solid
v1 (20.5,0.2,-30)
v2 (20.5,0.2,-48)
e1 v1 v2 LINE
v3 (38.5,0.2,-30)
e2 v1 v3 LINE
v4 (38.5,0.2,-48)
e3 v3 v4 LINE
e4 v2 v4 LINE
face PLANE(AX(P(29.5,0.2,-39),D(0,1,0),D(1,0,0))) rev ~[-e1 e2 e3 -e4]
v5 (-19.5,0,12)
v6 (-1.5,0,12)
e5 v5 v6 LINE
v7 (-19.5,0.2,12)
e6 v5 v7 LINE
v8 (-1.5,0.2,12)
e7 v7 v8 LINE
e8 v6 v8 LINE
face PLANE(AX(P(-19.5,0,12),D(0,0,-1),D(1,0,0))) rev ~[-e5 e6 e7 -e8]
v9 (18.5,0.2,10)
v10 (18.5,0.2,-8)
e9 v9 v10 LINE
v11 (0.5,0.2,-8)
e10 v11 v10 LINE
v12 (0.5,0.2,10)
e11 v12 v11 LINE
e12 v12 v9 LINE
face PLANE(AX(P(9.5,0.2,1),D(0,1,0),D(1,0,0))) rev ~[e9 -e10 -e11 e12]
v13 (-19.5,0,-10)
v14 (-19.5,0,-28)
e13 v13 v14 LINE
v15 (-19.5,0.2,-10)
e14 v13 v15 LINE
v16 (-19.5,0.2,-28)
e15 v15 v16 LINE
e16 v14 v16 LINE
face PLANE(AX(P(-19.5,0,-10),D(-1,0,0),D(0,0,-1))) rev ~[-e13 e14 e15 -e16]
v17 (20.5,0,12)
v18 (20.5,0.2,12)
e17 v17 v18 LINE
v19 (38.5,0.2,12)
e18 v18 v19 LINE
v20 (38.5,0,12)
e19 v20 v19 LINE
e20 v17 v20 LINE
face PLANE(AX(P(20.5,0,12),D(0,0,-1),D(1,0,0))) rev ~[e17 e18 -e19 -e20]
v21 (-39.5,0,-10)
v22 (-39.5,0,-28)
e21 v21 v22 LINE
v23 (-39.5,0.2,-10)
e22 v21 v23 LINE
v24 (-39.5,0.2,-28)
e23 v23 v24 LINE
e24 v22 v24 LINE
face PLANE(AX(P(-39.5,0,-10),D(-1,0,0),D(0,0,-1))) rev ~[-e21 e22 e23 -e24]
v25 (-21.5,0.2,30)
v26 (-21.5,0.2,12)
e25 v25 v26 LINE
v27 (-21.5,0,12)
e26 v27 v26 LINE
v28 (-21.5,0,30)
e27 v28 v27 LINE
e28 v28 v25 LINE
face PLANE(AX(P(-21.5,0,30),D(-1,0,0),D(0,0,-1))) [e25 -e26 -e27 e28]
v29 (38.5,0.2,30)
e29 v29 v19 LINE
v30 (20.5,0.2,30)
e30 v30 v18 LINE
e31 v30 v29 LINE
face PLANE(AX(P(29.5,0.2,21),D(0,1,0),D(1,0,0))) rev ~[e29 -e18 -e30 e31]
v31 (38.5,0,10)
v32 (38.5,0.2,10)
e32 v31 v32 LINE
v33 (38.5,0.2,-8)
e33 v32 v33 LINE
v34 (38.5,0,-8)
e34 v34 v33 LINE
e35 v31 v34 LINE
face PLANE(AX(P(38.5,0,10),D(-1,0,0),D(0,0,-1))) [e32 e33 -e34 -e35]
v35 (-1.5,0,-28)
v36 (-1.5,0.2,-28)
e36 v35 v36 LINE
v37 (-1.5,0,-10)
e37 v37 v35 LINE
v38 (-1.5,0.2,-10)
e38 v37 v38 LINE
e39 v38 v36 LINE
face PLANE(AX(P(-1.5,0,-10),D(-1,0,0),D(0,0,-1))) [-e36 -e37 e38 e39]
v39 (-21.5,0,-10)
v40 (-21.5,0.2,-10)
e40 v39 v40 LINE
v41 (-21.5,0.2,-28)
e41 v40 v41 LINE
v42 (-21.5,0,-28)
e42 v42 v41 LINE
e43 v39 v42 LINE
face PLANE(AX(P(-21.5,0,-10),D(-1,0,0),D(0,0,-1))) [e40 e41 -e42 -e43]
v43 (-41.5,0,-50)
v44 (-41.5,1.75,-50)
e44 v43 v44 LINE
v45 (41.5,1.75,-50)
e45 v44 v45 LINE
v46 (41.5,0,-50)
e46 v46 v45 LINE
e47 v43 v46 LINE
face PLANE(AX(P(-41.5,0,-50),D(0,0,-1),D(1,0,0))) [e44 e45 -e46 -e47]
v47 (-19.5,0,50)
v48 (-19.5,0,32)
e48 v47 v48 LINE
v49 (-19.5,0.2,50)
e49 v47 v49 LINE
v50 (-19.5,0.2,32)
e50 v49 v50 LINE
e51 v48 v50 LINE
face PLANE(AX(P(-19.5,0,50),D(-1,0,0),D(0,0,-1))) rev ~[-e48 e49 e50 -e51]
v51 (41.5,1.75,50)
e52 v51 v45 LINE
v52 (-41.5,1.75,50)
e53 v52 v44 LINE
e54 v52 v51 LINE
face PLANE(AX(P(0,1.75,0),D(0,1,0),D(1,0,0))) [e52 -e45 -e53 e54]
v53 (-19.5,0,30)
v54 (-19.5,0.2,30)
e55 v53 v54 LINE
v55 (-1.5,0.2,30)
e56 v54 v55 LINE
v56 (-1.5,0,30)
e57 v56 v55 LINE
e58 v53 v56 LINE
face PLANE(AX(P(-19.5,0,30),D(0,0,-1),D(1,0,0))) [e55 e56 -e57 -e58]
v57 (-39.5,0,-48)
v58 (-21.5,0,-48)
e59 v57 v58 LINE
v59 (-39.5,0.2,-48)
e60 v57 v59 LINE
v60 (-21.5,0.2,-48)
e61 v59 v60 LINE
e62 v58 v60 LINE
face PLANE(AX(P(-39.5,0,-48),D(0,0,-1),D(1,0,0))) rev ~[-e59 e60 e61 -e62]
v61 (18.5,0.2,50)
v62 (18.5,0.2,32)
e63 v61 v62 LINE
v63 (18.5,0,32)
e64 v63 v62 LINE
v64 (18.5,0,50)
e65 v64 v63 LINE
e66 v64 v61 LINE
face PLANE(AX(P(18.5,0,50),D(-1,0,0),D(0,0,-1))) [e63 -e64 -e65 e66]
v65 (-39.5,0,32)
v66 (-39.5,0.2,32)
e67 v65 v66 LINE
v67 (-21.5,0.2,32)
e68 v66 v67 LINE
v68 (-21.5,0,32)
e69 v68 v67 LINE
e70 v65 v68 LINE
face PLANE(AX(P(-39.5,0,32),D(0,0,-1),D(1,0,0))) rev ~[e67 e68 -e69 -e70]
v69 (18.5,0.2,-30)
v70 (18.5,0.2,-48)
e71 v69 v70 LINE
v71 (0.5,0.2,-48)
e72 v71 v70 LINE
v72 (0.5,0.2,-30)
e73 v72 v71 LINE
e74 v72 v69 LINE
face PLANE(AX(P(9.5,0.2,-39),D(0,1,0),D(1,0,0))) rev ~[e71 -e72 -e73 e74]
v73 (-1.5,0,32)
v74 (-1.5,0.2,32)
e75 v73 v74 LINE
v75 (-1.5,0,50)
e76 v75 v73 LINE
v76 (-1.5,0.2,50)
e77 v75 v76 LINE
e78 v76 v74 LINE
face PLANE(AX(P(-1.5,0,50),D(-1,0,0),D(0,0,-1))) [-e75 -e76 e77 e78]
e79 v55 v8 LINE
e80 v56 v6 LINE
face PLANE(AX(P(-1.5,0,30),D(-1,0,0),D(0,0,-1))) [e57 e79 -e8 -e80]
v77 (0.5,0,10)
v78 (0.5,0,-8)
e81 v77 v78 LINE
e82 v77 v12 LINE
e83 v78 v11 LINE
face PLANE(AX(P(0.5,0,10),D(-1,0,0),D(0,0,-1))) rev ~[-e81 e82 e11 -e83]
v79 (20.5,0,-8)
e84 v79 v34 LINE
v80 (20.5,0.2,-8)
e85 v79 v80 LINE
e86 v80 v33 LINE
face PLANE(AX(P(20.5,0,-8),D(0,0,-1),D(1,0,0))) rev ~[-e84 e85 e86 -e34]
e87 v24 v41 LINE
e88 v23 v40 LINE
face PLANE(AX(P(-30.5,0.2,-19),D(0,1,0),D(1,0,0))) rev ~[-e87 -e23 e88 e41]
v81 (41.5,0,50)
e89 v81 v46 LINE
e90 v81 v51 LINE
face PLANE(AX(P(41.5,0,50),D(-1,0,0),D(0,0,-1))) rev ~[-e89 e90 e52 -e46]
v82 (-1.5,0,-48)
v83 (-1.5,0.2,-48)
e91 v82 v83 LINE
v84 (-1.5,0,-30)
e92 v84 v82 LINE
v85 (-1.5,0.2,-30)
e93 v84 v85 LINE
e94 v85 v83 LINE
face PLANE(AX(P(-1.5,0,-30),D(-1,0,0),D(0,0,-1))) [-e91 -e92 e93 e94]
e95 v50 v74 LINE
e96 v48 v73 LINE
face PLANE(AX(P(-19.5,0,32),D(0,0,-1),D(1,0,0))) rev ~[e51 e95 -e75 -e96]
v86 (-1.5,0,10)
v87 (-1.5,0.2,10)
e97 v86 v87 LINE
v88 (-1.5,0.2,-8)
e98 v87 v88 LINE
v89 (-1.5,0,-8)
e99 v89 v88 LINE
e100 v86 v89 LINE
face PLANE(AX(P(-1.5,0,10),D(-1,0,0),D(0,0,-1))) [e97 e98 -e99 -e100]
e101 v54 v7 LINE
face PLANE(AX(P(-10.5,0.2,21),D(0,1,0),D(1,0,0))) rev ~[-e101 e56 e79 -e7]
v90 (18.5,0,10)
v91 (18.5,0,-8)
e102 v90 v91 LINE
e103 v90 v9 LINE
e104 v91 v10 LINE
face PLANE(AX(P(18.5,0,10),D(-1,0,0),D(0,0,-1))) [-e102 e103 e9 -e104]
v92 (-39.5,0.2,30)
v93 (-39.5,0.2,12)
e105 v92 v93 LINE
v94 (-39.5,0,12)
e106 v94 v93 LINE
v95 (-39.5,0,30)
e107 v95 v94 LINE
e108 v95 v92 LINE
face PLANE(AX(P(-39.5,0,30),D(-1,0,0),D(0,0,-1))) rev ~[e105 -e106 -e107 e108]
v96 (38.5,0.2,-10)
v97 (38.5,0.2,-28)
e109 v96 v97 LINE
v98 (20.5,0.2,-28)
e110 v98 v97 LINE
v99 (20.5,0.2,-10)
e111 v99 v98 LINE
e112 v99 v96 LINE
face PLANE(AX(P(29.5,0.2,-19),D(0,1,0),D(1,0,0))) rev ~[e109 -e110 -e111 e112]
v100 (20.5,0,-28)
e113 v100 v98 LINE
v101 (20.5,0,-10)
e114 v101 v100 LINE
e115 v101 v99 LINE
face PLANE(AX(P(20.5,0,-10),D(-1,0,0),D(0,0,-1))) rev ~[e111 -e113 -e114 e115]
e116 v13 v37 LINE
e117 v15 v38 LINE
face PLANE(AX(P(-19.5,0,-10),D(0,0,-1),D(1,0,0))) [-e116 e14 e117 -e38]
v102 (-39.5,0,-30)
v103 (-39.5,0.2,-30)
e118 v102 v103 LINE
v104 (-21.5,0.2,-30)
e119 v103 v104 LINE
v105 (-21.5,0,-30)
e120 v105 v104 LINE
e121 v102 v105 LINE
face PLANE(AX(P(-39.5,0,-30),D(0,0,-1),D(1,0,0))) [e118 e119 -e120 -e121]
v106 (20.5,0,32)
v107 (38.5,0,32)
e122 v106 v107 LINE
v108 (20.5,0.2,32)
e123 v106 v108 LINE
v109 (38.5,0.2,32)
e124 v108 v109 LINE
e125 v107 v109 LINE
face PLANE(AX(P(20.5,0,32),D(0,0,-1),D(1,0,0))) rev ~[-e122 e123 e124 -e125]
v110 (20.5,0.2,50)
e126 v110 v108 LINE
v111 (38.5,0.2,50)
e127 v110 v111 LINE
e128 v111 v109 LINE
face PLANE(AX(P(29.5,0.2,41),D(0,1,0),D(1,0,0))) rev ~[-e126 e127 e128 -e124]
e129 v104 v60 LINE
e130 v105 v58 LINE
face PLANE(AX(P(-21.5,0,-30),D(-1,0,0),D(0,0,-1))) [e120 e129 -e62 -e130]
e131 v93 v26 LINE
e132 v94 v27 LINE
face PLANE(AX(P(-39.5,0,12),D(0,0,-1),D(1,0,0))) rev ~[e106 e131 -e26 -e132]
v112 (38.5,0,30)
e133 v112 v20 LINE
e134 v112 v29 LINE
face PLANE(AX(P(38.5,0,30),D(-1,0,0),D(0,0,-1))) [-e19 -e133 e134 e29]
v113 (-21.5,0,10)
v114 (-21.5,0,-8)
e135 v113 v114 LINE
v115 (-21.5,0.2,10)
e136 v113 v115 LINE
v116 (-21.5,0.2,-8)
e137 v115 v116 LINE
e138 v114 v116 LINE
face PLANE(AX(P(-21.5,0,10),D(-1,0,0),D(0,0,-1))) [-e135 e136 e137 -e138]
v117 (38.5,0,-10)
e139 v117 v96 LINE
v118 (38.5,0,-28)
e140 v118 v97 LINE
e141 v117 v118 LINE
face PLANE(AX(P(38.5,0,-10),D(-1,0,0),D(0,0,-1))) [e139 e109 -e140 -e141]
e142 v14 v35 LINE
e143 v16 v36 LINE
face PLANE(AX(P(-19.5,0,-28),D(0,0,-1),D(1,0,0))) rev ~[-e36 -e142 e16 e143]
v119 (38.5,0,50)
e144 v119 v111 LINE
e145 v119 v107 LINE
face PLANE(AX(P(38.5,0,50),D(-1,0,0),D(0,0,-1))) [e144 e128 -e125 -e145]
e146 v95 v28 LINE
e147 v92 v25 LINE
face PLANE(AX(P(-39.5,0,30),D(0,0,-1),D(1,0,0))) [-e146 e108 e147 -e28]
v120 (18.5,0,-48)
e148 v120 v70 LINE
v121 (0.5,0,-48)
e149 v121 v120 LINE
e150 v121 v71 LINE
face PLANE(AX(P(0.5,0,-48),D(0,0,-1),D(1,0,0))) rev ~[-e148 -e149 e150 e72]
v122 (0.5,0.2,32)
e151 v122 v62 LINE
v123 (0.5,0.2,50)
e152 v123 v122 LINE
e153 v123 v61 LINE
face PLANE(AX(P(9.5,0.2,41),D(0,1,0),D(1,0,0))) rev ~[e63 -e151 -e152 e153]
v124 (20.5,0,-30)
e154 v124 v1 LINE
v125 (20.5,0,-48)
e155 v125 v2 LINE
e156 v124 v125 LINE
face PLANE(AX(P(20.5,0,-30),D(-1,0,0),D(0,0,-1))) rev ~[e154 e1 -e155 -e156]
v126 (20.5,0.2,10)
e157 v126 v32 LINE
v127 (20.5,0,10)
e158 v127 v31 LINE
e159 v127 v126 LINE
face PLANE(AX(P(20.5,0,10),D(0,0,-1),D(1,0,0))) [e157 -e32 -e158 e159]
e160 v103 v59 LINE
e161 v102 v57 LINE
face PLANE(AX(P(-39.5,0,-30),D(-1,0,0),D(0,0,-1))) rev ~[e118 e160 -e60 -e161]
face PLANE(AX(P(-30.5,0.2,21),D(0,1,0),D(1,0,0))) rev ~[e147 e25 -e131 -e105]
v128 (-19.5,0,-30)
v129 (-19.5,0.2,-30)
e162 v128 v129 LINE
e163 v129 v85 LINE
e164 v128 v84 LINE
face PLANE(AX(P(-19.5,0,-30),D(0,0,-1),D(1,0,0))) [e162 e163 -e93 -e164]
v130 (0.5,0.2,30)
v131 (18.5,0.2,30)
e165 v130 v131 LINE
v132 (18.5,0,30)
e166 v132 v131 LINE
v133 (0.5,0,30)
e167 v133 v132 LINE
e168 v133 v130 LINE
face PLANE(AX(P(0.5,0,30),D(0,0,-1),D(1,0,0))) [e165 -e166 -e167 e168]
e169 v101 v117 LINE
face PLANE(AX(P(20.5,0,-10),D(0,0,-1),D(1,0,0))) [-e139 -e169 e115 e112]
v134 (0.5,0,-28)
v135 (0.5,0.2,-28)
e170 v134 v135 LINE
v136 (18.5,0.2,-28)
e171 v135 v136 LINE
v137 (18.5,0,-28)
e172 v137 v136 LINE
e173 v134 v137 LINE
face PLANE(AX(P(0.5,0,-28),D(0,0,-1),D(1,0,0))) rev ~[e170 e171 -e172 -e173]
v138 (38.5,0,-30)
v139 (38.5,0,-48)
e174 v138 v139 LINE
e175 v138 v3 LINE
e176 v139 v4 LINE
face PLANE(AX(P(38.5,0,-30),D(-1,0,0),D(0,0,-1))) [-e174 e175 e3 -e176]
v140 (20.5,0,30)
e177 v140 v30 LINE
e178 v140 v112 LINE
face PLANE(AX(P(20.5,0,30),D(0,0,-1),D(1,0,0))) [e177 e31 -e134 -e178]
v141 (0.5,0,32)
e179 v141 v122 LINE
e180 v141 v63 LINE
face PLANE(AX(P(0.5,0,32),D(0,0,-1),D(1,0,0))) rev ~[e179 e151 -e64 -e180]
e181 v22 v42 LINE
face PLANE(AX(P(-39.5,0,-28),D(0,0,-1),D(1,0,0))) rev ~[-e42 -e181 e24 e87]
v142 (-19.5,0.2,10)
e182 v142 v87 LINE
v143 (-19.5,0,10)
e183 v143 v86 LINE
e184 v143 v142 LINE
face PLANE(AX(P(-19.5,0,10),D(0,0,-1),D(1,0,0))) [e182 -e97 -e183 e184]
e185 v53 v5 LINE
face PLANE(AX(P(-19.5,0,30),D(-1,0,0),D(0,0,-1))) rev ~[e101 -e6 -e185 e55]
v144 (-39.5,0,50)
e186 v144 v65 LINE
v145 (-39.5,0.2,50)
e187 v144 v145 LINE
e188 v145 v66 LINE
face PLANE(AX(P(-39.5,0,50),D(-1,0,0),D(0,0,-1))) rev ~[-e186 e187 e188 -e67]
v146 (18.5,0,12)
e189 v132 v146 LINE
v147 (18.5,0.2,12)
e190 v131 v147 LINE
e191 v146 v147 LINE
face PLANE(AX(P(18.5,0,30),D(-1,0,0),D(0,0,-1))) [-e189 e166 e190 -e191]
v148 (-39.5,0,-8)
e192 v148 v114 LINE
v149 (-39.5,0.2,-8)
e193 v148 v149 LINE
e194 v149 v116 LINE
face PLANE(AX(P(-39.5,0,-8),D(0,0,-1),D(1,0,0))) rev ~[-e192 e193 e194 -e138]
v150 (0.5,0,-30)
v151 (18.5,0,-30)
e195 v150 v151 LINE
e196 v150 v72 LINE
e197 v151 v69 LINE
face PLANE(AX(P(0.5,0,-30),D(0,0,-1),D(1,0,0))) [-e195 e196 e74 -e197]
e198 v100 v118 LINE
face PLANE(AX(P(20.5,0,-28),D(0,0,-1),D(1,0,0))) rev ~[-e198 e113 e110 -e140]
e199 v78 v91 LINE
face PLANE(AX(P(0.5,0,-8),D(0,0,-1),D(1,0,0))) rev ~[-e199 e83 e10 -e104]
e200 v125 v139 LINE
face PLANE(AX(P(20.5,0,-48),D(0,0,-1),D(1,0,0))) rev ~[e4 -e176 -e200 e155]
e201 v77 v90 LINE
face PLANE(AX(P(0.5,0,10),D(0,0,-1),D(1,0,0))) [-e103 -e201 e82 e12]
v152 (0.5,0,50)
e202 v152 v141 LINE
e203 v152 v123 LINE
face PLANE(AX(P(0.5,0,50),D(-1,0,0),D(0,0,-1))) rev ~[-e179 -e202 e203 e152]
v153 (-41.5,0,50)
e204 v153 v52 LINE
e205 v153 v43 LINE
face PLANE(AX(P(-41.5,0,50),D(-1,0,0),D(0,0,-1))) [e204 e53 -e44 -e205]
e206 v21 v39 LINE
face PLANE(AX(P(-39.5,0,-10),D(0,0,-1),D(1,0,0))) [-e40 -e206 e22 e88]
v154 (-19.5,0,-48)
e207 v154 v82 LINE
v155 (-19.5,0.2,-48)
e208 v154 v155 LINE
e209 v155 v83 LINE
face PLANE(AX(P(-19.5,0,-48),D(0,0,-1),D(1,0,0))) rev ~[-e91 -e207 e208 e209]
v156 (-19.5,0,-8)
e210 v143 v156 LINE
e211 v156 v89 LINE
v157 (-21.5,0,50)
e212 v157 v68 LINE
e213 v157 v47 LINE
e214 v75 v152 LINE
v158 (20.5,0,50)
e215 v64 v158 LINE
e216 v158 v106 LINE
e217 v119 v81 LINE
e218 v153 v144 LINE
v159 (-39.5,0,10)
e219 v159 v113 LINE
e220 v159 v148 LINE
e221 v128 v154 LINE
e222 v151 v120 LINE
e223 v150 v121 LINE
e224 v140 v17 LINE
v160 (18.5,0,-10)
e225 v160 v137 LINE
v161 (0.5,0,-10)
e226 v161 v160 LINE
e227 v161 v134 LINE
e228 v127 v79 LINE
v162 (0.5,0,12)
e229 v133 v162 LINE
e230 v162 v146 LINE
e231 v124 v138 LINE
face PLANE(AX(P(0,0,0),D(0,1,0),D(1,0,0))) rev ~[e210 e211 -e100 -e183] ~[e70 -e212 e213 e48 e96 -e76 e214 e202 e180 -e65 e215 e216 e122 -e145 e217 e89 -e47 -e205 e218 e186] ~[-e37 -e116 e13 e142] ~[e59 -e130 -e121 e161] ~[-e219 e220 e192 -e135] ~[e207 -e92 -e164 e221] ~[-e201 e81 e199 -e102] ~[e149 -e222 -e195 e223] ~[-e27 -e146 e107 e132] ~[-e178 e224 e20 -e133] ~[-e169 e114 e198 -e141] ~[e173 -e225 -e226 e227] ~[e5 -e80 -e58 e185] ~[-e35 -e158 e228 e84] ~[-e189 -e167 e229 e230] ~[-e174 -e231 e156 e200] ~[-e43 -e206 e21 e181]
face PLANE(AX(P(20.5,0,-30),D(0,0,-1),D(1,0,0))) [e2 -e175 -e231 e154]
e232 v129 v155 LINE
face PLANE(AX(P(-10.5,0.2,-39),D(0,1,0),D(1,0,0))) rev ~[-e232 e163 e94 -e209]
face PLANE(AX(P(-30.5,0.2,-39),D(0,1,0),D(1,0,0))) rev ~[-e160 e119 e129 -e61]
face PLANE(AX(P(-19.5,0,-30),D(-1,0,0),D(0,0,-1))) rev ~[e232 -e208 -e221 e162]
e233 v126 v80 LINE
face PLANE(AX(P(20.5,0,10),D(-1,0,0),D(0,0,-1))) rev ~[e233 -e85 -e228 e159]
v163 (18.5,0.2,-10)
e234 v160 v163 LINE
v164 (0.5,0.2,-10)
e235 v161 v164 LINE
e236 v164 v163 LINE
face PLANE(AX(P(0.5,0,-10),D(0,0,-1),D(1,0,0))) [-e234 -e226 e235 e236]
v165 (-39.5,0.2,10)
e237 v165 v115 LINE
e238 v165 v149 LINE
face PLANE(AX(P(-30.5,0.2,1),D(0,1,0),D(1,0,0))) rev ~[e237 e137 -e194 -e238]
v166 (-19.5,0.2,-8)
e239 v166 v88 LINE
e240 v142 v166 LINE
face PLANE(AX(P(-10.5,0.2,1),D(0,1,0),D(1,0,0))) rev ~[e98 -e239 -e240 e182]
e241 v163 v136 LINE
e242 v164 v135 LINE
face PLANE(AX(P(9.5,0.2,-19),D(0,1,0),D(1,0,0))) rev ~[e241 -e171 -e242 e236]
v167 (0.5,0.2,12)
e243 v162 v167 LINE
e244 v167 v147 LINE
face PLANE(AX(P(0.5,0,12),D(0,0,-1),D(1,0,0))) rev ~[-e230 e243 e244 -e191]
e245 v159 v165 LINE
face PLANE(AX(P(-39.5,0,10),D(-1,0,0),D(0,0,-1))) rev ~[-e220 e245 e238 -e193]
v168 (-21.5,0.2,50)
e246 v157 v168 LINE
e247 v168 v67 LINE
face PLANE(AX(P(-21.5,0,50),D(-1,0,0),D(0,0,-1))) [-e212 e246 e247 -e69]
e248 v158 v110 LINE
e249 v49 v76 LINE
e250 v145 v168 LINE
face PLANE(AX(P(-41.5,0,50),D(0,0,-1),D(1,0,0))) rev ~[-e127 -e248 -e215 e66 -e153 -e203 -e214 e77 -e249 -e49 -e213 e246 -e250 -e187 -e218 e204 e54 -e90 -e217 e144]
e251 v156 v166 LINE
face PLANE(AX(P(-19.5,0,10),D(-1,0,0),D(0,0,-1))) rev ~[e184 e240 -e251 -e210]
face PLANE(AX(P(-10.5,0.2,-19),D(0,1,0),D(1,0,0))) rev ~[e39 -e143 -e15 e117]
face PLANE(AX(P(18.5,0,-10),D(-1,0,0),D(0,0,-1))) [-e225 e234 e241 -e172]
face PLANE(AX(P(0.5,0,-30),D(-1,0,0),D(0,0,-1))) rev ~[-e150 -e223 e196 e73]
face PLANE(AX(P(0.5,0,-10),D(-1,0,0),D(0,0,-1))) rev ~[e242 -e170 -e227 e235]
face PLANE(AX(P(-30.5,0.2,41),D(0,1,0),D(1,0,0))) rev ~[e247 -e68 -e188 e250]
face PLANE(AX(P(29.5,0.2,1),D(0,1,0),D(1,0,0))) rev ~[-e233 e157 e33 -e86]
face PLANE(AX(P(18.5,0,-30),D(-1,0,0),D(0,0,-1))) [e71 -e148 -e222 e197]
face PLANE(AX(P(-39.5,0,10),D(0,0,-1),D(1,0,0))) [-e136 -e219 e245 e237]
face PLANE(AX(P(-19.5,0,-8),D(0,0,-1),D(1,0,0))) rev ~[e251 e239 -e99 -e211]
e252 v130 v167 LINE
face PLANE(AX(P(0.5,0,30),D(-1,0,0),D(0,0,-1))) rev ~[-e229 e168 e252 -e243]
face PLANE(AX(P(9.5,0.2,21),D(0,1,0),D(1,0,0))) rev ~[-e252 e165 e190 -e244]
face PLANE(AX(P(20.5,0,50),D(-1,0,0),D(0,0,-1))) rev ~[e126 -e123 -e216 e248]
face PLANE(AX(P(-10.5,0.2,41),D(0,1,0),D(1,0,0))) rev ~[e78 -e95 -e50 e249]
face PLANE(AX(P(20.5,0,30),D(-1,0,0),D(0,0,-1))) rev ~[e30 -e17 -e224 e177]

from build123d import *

# Parameters (mm, degrees)
SKETCH2_W            = 83
SKETCH2_H            = 100
BOSS_EXTRUDE1_DEPTH  = 1.75
SKETCH3_W            = 18
SKETCH3_H            = 18
CUT_EXTRUDE5_DEPTH   = 0.2
LPATTERN1_COUNT      = 4
LPATTERN1_PITCH      = 20
LPATTERN1_COUNT_DIR2 = 5
LPATTERN1_PITCH_DIR2 = 20


with BuildPart() as part:
    # Sketch2 → Boss-Extrude1 (new body)
    with BuildSketch(Plane(origin=(0, 0, 0), x_dir=(1, 0, 0), z_dir=(0, 1, 0))):
        Rectangle(SKETCH2_W, SKETCH2_H)
    extrude(amount=BOSS_EXTRUDE1_DEPTH)

    # Sketch3 → Cut-Extrude5 (cut)
    with BuildSketch(Plane(origin=(0, 0, 0), x_dir=(1, 0, 0), z_dir=(0, 1, 0))):
        with Locations((-30.5, 39)):
            Rectangle(SKETCH3_W, SKETCH3_H)
    cut_extrude5 = extrude(amount=CUT_EXTRUDE5_DEPTH, mode=Mode.SUBTRACT)

    # LPattern1: Cut-Extrude5 4 × 5
    with Locations(*[(i * LPATTERN1_PITCH, 0, j * LPATTERN1_PITCH_DIR2) for i in range(LPATTERN1_COUNT) for j in range(LPATTERN1_COUNT_DIR2) if (i, j) != (0, 0)]):
        add(cut_extrude5, mode=Mode.SUBTRACT)


solid = part.part
